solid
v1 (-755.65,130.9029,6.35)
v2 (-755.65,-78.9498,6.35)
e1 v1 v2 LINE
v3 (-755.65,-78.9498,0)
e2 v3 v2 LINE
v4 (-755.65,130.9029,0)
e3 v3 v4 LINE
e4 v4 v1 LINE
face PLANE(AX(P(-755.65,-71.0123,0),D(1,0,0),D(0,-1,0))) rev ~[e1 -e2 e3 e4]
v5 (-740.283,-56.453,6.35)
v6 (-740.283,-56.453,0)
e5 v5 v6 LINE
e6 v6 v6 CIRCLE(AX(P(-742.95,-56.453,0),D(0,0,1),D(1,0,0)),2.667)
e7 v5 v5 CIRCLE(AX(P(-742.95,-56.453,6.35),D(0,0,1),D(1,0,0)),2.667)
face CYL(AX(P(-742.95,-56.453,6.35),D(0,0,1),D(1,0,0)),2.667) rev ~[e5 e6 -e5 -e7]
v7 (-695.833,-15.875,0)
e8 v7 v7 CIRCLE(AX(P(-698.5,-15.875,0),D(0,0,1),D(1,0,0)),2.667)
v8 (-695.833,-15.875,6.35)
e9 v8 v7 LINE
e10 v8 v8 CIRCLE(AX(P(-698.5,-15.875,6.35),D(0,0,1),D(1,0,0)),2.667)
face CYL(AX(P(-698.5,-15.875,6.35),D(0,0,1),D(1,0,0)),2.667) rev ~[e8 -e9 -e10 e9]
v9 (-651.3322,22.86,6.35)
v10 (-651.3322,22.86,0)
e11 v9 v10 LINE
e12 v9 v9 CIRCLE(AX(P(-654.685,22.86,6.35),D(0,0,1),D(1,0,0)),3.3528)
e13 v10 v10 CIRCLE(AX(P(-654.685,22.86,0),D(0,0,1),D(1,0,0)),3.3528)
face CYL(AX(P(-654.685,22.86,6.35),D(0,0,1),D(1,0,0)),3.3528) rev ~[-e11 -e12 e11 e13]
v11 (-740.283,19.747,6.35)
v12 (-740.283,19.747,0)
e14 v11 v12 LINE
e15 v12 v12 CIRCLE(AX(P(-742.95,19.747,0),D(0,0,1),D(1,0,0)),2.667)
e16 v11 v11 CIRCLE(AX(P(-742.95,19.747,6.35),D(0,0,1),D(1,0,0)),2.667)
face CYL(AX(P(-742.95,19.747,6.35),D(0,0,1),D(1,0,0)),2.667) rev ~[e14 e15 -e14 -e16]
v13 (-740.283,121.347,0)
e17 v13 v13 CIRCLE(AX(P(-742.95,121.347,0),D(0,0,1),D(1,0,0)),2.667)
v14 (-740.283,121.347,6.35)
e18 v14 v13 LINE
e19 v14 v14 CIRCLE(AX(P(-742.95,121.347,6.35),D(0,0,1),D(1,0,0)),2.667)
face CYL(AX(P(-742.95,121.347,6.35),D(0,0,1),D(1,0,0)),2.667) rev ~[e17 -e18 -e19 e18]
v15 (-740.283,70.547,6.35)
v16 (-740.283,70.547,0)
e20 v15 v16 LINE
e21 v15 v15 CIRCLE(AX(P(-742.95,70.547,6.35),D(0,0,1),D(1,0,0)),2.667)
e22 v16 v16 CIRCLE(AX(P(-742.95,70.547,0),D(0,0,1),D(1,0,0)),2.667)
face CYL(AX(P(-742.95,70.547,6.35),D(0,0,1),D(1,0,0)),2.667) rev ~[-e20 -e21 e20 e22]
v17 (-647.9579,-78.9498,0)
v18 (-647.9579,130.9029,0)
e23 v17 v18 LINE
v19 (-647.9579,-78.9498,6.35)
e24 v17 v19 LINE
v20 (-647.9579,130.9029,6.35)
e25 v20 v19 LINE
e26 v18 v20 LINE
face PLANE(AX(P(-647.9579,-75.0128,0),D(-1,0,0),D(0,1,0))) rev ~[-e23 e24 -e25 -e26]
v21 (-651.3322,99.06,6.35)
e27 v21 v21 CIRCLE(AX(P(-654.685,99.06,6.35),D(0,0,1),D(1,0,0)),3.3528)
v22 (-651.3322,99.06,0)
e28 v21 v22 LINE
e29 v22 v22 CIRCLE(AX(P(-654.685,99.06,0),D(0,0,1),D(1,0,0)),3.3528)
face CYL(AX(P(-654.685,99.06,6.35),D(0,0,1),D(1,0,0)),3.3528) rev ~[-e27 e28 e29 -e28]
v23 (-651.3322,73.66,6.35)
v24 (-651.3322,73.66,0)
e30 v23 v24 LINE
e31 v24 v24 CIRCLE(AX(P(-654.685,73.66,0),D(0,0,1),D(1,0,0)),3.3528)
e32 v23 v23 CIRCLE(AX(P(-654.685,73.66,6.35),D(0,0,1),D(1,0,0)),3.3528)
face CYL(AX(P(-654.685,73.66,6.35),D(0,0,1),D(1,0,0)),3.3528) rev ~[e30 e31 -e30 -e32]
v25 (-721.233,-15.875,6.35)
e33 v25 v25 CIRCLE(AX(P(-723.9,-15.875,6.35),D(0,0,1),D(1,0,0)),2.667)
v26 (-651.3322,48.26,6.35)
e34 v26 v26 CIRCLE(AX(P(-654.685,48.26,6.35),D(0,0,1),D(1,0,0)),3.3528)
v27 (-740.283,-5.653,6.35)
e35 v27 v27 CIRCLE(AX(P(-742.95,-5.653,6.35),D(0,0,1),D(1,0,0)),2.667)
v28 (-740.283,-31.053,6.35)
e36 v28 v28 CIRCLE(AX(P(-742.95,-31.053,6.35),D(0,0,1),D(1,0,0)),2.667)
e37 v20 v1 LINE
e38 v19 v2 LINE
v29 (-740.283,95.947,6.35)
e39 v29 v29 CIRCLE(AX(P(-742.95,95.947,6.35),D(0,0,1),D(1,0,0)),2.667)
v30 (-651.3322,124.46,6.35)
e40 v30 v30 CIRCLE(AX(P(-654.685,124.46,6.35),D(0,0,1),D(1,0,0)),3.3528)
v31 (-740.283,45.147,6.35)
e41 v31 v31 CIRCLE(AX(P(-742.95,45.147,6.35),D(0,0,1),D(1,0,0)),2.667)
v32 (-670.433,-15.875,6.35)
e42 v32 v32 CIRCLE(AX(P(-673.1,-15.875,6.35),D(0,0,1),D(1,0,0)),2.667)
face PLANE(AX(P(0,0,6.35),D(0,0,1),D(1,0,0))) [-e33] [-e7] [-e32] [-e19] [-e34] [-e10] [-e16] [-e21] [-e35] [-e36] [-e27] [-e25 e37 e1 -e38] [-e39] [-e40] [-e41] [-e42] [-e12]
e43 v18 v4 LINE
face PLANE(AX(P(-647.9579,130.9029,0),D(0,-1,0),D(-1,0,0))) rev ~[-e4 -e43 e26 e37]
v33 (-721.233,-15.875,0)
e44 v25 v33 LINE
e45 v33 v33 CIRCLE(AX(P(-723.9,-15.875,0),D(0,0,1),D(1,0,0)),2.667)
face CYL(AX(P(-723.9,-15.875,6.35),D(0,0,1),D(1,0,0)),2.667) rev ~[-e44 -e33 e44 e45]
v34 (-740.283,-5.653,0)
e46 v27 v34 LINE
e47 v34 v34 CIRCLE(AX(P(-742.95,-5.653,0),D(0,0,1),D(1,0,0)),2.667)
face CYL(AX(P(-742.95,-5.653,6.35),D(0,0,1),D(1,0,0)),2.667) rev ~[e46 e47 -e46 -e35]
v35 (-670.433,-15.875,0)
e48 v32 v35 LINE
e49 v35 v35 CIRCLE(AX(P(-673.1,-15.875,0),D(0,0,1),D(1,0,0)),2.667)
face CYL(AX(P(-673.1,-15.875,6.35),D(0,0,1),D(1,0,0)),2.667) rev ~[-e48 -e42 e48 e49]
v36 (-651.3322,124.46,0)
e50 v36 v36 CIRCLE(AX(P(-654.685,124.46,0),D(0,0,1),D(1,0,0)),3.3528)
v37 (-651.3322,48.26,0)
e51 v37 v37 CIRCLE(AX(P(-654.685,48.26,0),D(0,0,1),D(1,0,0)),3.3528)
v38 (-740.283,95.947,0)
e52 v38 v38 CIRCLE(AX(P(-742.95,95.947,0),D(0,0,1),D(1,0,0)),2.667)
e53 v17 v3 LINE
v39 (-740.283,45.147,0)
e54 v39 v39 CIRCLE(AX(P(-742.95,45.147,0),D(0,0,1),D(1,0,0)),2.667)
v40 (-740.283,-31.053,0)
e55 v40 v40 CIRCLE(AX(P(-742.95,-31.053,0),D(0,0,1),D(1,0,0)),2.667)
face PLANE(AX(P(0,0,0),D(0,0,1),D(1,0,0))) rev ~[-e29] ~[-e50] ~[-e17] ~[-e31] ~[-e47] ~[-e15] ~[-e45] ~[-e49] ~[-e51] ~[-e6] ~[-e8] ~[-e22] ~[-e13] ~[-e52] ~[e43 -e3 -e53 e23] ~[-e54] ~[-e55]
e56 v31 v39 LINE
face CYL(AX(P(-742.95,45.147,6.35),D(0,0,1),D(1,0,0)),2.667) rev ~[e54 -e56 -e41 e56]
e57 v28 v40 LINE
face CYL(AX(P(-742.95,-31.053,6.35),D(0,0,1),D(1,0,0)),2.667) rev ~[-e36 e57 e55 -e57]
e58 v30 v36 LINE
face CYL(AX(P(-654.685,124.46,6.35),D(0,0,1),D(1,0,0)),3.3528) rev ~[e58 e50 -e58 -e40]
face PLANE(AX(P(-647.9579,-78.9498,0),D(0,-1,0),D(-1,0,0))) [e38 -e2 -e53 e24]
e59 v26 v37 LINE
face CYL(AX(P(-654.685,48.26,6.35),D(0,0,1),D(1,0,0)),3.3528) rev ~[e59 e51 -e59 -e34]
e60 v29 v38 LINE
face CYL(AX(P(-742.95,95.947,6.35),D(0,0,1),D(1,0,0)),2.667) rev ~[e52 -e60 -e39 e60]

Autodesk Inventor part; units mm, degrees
ref_plane "YZ Plane" through (0, 0, 0) normal (1, 0, 0) x (0, 1, 0)
ref_plane "XZ Plane" through (0, 0, 0) normal (0, 1, 0) x (-1, 0, 0)
ref_plane "XY Plane" through (0, 0, 0) normal (0, 0, 1) x (1, 0, 0)
ref_plane "Work Plane3" through (0, 0, 0) normal (0, 0, 1) x (1, 0, 0)
sketch "Sketch1" plane through (0, 0, 0) normal (0, 0, 1) x (1, 0, 0)
  line L0 (-755.65, -71.0123) -> (-755.65, -75.0128) projected
  line L1 (-57.15, -75.0128) -> (-755.65, -75.0128) projected
  line L2 (-57.15, -75.0128) -> (-57.15, -71.0123) projected
  line L3 (-57.15, -71.0123) -> (-755.65, -71.0123) projected
  line L4 (-57.15, -78.9498) -> (-755.65, -78.9498) projected
  line L5 (-755.65, -78.9498) -> (-647.9579, -78.9498)
  line L6 (-647.9579, -78.9498) -> (-647.9579, 130.9029)
  line L7 (-647.9579, 130.9029) -> (-755.65, 130.9029)
  line L8 (-755.65, 130.9029) -> (-755.65, -78.9498)
  point P0 (0, 0)
extrude "Extrusion1" add sketch "Sketch1" along normal blind 6.35 contours L3 L6 L1 L0 | L8 L7 L6 L3 | L1 L6 L4 L8
sketch "Sketch3" plane through (0, 0, 6.35) normal (0, 0, 1) x (1, 0, 0)
  point P0 (0, 0)
sketch "Sketch4" plane through (0, 0, 6.35) normal (0, 0, 1) x (1, 0, 0)
  circle A0 centre (-654.685, 22.86) radius 3.3528 projected
  circle A1 centre (-654.685, 48.26) radius 3.3528 projected
  circle A2 centre (-654.685, 73.66) radius 3.3528 projected
  circle A3 centre (-654.685, 99.06) radius 3.3528 projected
  circle A4 centre (-654.685, 124.46) radius 3.3528 projected
  line L0 (-663.448, 15.875) -> (-648.335, 15.875) construction
  line L1 (-648.335, 133.985) -> (-648.335, 15.875) construction
  line L2 (-648.335, 133.985) -> (-651.51, 137.16) construction
  line L3 (-663.448, 137.16) -> (-651.51, 137.16) construction
  line L4 (-663.448, 137.16) -> (-663.448, 15.875) construction
  line L5 (-663.448, 137.16) -> (-663.448, 15.875) projected
  point P0 (0, 0)
extrude "Extrusion2" cut sketch "Sketch4" against normal blind 6.35
sketch "Sketch5" plane through (0, 0, 6.35) normal (0, 0, 1) x (1, 0, 0)
  line L0 (-736.6, -3.937) -> (-736.6, -22.225) projected
  line L1 (-460.375, -22.225) -> (-736.6, -22.225) projected
  line L2 (-460.375, -22.225) -> (-457.2, -19.05) projected
  line L3 (-457.2, -3.937) -> (-457.2, -19.05) projected
  line L4 (-736.6, -3.937) -> (-457.2, -3.937) projected
  circle A0 centre (-469.9, -15.875) radius 2.667 projected
  circle A1 centre (-495.3, -15.875) radius 2.667 projected
  circle A2 centre (-520.7, -15.875) radius 2.667 projected
  circle A3 centre (-546.1, -15.875) radius 2.667 projected
  circle A4 centre (-571.5, -15.875) radius 2.667 projected
  circle A5 centre (-596.9, -15.875) radius 2.667 projected
  circle A6 centre (-622.3, -15.875) radius 2.667 projected
  circle A7 centre (-647.7, -15.875) radius 2.667 projected
  circle A8 centre (-673.1, -15.875) radius 2.667 projected
  circle A9 centre (-698.5, -15.875) radius 2.667 projected
  circle A10 centre (-723.9, -15.875) radius 2.667 projected
  circle A11 centre (-742.95, 476.947) radius 2.667 projected
  circle A12 centre (-742.95, 451.547) radius 2.667 projected
  circle A13 centre (-742.95, 426.147) radius 2.667 projected
  circle A14 centre (-742.95, 400.747) radius 2.667 projected
  circle A15 centre (-742.95, 375.347) radius 2.667 projected
  circle A16 centre (-742.95, 349.947) radius 2.667 projected
  circle A17 centre (-742.95, 324.547) radius 2.667 projected
  circle A18 centre (-742.95, 299.147) radius 2.667 projected
  circle A19 centre (-742.95, 273.747) radius 2.667 projected
  circle A20 centre (-742.95, 248.347) radius 2.667 projected
  circle A21 centre (-742.95, 222.947) radius 2.667 projected
  circle A22 centre (-742.95, 197.547) radius 2.667 projected
  circle A23 centre (-742.95, 172.147) radius 2.667 projected
  circle A24 centre (-742.95, 146.747) radius 2.667 projected
  circle A25 centre (-742.95, 121.347) radius 2.667 projected
  circle A26 centre (-742.95, 95.947) radius 2.667 projected
  circle A27 centre (-742.95, 70.547) radius 2.667 projected
  circle A28 centre (-742.95, 45.147) radius 2.667 projected
  circle A29 centre (-742.95, 19.747) radius 2.667 projected
  circle A30 centre (-742.95, -5.653) radius 2.667 projected
  circle A31 centre (-742.95, -31.053) radius 2.667 projected
  circle A32 centre (-742.95, -56.453) radius 2.667 projected
  line L5 (-736.6, 496.0909) -> (-751.713, 496.0909) projected
  line L6 (-751.713, -75.5081) -> (-751.713, 496.0909) projected
  line L7 (-751.713, -75.5081) -> (-736.6, -75.5081) projected
  line L8 (-736.6, 496.0909) -> (-736.6, -75.5081) projected
  point P0 (0, 0)
extrude "Extrusion3" cut sketch "Sketch5" against normal blind 6.35 contours A8 | A9 | A10 | A25 | A26 | A27 | A28 | A29 | A30 | A31 | A32
properties part number "Aluminum Mounting Plate"
